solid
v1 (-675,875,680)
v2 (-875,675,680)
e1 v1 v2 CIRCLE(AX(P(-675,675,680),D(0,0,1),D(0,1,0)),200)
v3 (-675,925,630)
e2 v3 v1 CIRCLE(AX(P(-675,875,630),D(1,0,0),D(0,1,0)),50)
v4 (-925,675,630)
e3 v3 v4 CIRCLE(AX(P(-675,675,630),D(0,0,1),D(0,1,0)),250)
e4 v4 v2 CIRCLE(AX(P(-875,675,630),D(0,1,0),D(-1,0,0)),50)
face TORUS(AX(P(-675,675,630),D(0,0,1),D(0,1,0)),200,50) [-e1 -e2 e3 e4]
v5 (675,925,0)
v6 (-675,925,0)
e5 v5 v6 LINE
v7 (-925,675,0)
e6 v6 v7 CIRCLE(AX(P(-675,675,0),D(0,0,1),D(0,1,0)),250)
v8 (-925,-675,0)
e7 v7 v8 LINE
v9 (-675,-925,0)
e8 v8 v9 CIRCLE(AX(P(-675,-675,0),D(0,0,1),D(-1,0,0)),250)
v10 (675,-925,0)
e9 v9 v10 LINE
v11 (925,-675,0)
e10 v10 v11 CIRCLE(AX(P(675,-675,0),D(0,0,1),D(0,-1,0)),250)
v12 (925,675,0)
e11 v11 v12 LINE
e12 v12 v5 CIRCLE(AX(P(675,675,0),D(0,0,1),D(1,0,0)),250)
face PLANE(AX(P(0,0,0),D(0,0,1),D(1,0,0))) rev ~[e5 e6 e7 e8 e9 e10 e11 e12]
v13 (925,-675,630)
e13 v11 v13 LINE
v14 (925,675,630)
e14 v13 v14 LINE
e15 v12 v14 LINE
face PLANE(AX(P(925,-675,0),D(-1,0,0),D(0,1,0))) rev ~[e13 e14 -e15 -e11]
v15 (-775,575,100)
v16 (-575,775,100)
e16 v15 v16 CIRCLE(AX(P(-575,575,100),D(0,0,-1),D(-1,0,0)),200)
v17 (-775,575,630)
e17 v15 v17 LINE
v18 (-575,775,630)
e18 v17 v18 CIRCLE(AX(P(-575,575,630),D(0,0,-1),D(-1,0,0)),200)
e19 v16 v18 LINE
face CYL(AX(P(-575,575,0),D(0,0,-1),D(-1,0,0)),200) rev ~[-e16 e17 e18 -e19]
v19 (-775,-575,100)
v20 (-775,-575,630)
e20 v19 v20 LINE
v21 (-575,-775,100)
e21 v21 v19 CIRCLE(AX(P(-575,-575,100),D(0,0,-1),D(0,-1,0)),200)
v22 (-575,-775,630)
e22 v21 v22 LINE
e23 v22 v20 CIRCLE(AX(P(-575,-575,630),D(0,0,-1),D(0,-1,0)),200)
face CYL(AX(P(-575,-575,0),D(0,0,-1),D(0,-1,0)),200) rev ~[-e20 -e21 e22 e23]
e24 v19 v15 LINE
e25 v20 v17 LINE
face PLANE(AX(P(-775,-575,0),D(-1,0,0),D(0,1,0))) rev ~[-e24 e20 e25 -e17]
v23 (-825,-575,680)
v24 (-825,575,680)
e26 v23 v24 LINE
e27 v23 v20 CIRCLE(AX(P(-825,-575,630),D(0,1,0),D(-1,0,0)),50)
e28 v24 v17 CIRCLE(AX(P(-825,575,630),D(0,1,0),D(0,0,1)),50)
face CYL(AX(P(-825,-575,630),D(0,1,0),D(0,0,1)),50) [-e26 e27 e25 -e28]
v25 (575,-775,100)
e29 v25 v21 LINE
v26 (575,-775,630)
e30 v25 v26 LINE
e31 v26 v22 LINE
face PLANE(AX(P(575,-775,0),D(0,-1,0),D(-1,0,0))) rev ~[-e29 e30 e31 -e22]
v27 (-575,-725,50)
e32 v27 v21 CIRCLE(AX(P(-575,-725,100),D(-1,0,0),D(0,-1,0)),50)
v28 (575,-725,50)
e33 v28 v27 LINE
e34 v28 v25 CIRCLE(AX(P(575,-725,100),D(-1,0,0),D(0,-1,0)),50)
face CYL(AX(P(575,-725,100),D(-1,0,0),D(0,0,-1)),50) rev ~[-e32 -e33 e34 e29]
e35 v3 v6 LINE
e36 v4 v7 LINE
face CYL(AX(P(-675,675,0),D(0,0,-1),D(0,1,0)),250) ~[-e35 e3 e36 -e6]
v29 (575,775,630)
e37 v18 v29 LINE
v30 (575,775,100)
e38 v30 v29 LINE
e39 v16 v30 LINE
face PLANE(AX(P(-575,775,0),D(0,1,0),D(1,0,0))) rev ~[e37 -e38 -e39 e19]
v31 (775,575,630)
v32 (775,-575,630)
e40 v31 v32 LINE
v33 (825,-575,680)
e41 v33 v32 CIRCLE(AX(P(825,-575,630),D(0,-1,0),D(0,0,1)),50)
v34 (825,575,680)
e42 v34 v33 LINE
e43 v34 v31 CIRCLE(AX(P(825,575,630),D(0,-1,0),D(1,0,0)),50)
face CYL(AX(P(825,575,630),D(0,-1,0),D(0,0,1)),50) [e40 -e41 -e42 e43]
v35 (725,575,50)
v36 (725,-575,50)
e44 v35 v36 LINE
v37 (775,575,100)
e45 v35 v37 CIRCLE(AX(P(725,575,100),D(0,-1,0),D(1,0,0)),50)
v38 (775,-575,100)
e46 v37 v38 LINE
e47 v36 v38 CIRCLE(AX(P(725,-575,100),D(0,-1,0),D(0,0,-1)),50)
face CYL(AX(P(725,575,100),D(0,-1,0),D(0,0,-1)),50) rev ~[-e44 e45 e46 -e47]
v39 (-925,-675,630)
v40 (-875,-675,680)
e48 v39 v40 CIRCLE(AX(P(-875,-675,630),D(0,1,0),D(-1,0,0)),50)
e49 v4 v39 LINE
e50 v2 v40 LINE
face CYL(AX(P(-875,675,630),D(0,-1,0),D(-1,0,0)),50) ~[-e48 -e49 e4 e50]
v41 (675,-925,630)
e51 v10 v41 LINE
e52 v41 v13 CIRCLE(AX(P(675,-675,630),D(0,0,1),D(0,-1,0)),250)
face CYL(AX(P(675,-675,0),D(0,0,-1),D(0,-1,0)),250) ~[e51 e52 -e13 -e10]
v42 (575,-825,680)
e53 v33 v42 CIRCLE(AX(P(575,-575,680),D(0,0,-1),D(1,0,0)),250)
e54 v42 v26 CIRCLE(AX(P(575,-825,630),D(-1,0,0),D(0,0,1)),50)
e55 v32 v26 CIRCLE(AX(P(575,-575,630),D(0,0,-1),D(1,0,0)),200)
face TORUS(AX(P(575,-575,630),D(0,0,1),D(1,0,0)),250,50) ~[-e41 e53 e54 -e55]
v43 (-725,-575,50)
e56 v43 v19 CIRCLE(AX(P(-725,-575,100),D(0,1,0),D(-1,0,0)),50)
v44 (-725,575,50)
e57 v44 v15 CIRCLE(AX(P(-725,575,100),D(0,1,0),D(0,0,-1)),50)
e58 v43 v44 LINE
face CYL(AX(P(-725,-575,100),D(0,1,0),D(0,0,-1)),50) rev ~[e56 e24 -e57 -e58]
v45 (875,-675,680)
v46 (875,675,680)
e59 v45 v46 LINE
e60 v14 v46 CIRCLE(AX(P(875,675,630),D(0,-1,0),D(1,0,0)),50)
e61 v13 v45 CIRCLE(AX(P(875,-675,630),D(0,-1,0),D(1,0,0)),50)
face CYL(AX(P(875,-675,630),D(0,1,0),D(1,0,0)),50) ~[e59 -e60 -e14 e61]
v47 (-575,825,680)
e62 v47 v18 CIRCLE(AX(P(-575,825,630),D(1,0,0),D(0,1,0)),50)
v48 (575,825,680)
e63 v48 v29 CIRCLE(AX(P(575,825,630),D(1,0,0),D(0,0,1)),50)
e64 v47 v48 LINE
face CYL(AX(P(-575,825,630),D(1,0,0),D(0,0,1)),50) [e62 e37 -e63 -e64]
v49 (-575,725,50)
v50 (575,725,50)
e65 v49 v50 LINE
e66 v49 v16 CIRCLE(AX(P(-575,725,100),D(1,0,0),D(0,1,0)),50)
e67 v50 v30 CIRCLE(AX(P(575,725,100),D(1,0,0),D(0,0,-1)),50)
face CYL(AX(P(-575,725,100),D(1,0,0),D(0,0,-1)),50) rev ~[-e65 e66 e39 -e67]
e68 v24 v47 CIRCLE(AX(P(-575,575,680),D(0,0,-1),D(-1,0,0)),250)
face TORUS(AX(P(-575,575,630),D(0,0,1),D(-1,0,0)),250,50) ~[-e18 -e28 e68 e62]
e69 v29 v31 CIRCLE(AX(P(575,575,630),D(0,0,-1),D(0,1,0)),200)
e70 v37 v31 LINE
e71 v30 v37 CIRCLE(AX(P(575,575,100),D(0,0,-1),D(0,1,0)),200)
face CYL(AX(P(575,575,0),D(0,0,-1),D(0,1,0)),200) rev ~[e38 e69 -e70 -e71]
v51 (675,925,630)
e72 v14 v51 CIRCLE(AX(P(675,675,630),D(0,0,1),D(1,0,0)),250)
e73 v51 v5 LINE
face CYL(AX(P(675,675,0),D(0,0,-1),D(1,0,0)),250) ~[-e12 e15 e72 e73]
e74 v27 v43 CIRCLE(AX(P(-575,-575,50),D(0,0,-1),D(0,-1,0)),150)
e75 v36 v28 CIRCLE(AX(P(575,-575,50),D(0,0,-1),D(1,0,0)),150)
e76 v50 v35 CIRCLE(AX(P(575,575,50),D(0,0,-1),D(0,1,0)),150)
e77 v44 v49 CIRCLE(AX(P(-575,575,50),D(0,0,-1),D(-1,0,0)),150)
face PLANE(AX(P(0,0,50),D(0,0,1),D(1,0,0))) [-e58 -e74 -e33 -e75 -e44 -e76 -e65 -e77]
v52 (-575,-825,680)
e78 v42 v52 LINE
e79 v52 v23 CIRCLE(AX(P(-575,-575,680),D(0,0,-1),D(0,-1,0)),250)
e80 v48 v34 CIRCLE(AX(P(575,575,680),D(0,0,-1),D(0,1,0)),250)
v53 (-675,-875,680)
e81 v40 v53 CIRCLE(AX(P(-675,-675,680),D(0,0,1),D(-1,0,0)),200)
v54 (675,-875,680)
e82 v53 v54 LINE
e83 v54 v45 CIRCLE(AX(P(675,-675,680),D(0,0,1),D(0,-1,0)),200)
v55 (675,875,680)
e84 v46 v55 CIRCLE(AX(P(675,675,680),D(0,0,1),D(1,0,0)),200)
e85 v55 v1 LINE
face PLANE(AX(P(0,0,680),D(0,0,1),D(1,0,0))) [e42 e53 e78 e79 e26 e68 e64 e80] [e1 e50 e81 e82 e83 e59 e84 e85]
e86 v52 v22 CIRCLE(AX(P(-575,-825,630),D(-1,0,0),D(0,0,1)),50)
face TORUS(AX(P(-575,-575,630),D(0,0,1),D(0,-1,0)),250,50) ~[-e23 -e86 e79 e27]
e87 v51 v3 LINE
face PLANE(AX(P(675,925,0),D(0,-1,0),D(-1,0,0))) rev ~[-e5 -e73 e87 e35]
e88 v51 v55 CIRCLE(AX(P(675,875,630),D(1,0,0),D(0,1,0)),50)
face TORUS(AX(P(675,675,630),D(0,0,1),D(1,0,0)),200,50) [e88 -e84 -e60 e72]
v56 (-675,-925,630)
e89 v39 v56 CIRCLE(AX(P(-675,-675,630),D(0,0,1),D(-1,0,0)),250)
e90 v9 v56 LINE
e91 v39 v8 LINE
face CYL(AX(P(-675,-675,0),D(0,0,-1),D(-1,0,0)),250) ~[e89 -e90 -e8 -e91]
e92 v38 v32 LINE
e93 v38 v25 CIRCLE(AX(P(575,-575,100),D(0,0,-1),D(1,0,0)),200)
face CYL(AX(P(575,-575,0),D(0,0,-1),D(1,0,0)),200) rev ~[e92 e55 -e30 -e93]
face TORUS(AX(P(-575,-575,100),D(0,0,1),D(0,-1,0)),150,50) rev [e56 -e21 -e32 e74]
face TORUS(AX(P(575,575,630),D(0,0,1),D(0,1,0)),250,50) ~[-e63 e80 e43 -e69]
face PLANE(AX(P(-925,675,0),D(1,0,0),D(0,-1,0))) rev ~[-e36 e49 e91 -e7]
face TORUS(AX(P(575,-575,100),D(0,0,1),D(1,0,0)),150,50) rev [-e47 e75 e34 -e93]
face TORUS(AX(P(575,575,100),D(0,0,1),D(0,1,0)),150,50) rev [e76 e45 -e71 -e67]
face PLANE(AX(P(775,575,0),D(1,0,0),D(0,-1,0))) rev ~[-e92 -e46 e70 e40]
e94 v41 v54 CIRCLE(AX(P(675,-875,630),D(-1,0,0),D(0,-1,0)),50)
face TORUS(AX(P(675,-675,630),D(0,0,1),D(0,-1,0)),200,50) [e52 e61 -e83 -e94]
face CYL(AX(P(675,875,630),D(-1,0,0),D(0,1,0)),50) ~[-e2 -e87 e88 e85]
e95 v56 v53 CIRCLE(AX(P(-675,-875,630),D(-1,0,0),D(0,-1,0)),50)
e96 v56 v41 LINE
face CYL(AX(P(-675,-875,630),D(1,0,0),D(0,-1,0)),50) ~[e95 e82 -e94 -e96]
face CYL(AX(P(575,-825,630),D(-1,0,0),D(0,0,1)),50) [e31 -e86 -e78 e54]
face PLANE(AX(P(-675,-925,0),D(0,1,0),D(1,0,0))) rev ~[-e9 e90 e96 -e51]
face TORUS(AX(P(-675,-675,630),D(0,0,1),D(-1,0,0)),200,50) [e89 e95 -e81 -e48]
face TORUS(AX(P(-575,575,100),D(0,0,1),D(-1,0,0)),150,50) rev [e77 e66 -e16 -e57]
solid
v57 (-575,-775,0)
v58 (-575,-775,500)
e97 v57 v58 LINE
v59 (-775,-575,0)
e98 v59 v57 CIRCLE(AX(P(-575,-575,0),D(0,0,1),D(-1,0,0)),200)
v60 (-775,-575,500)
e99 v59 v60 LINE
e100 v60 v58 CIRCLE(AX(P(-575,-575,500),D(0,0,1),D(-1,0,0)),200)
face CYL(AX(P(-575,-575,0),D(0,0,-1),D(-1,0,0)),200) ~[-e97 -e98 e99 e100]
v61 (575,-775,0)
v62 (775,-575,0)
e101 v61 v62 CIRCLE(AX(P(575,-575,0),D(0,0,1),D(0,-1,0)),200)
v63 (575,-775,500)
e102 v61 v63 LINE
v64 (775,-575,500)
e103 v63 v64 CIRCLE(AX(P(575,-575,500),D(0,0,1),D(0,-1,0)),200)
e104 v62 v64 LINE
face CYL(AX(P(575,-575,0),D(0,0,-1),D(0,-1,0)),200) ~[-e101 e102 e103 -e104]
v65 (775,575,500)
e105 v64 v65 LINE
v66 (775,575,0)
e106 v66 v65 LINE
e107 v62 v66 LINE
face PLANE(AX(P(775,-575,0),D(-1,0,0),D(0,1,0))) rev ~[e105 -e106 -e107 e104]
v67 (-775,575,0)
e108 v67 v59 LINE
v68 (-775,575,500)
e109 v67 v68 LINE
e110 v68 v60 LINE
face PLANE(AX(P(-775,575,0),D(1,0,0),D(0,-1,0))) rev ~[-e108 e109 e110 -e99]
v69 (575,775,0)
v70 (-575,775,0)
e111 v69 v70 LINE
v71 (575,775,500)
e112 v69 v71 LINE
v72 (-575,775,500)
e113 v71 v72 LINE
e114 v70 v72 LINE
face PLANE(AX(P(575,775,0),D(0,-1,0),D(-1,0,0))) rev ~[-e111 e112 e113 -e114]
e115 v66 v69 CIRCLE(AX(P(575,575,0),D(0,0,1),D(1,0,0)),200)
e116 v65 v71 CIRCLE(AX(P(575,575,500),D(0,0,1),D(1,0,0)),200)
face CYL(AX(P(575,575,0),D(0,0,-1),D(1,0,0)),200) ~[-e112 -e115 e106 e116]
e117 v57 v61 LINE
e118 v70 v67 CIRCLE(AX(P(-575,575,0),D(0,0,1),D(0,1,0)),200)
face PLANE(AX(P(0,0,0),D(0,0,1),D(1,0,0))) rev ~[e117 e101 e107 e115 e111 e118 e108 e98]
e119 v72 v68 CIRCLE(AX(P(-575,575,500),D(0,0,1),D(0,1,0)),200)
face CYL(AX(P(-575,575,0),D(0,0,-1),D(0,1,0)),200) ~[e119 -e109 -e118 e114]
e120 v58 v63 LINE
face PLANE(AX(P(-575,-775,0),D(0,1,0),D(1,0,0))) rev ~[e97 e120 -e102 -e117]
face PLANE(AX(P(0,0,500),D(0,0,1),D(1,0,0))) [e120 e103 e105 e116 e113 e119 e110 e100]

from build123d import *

# Parameters (mm, degrees)
F1_DEPTH = 50
F2_DEPTH = 680
F3_R     = 50
F4_DEPTH = 500


with BuildPart() as f1:
    # F0 (on Top) → F1 (new body)
    with BuildSketch(Plane.XY):
        with BuildLine():
            ThreePointArc((-925, -675), (-851.7766952966, -851.7766952966), (-675, -925))
            Line((-675, -925), (675, -925))
            ThreePointArc((675, -925), (851.7766952966, -851.7766952966), (925, -675))
            Line((925, -675), (925, 675))
            ThreePointArc((925, 675), (851.7766952966, 851.7766952966), (675, 925))
            Line((675, 925), (-675, 925))
            ThreePointArc((-675, 925), (-851.7766952966, 851.7766952966), (-925, 675))
            Line((-925, 675), (-925, -675))
        make_face()
        with BuildLine():
            Line((575, -775), (-575, -775))
            ThreePointArc((-575, -775), (-716.4213562373, -716.4213562373), (-775, -575))
            Line((-775, -575), (-775, 575))
            ThreePointArc((-775, 575), (-716.4213562373, 716.4213562373), (-575, 775))
            Line((-575, 775), (575, 775))
            ThreePointArc((575, 775), (716.4213562373, 716.4213562373), (775, 575))
            Line((775, 575), (775, -575))
            ThreePointArc((775, -575), (716.4213562373, -716.4213562373), (575, -775))
        make_face(mode=Mode.SUBTRACT)
        with BuildLine():
            ThreePointArc((-775, -575), (-716.4213562373, -716.4213562373), (-575, -775))
            Line((-575, -775), (575, -775))
            ThreePointArc((575, -775), (716.4213562373, -716.4213562373), (775, -575))
            Line((775, -575), (775, 575))
            ThreePointArc((775, 575), (716.4213562373, 716.4213562373), (575, 775))
            Line((575, 775), (-575, 775))
            ThreePointArc((-575, 775), (-716.4213562373, 716.4213562373), (-775, 575))
            Line((-775, 575), (-775, -575))
        make_face()
    extrude(amount=F1_DEPTH)

    # F0 (on Top) → F2 (join)
    with BuildSketch(Plane.XY):
        with BuildLine():
            ThreePointArc((-925, -675), (-851.7766952966, -851.7766952966), (-675, -925))
            Line((-675, -925), (675, -925))
            ThreePointArc((675, -925), (851.7766952966, -851.7766952966), (925, -675))
            Line((925, -675), (925, 675))
            ThreePointArc((925, 675), (851.7766952966, 851.7766952966), (675, 925))
            Line((675, 925), (-675, 925))
            ThreePointArc((-675, 925), (-851.7766952966, 851.7766952966), (-925, 675))
            Line((-925, 675), (-925, -675))
        make_face()
        with BuildLine():
            Line((575, -775), (-575, -775))
            ThreePointArc((-575, -775), (-716.4213562373, -716.4213562373), (-775, -575))
            Line((-775, -575), (-775, 575))
            ThreePointArc((-775, 575), (-716.4213562373, 716.4213562373), (-575, 775))
            Line((-575, 775), (575, 775))
            ThreePointArc((575, 775), (716.4213562373, 716.4213562373), (775, 575))
            Line((775, 575), (775, -575))
            ThreePointArc((775, -575), (716.4213562373, -716.4213562373), (575, -775))
        make_face(mode=Mode.SUBTRACT)
    extrude(amount=F2_DEPTH)

    # F3
    f3_edges = [f1.edges().sort_by_distance(p)[0] for p in [
        (-851.776695, -851.776695, 680),
        (0, -925, 680),
        (851.776695, -851.776695, 680),
        (925, 0, 680),
        (851.776695, 851.776695, 680),
        (0, 925, 680),
        (-851.776695, 851.776695, 680),
        (-925, 0, 680),
        (0, -775, 680),
        (-716.421356, -716.421356, 680),
        (-775, 0, 680),
        (-716.421356, 716.421356, 680),
        (0, 775, 680),
        (716.421356, 716.421356, 680),
        (775, 0, 680),
        (716.421356, -716.421356, 680),
        (-716.421356, -716.421356, 50),
        (-775, 0, 50),
        (-716.421356, 716.421356, 50),
        (0, 775, 50),
        (716.421356, 716.421356, 50),
        (775, 0, 50),
        (716.421356, -716.421356, 50),
        (0, -775, 50),
    ]]
    fillet(f3_edges, radius=F3_R)


with BuildPart() as f4:
    # F0 (on Top) → F4 (new body)
    with BuildSketch(Plane.XY):
        with BuildLine():
            ThreePointArc((-775, -575), (-716.4213562373, -716.4213562373), (-575, -775))
            Line((-575, -775), (575, -775))
            ThreePointArc((575, -775), (716.4213562373, -716.4213562373), (775, -575))
            Line((775, -575), (775, 575))
            ThreePointArc((775, 575), (716.4213562373, 716.4213562373), (575, 775))
            Line((575, 775), (-575, 775))
            ThreePointArc((-575, 775), (-716.4213562373, 716.4213562373), (-775, 575))
            Line((-775, 575), (-775, -575))
        make_face()
    extrude(amount=F4_DEPTH)


solid = Compound([f1.part, f4.part])
